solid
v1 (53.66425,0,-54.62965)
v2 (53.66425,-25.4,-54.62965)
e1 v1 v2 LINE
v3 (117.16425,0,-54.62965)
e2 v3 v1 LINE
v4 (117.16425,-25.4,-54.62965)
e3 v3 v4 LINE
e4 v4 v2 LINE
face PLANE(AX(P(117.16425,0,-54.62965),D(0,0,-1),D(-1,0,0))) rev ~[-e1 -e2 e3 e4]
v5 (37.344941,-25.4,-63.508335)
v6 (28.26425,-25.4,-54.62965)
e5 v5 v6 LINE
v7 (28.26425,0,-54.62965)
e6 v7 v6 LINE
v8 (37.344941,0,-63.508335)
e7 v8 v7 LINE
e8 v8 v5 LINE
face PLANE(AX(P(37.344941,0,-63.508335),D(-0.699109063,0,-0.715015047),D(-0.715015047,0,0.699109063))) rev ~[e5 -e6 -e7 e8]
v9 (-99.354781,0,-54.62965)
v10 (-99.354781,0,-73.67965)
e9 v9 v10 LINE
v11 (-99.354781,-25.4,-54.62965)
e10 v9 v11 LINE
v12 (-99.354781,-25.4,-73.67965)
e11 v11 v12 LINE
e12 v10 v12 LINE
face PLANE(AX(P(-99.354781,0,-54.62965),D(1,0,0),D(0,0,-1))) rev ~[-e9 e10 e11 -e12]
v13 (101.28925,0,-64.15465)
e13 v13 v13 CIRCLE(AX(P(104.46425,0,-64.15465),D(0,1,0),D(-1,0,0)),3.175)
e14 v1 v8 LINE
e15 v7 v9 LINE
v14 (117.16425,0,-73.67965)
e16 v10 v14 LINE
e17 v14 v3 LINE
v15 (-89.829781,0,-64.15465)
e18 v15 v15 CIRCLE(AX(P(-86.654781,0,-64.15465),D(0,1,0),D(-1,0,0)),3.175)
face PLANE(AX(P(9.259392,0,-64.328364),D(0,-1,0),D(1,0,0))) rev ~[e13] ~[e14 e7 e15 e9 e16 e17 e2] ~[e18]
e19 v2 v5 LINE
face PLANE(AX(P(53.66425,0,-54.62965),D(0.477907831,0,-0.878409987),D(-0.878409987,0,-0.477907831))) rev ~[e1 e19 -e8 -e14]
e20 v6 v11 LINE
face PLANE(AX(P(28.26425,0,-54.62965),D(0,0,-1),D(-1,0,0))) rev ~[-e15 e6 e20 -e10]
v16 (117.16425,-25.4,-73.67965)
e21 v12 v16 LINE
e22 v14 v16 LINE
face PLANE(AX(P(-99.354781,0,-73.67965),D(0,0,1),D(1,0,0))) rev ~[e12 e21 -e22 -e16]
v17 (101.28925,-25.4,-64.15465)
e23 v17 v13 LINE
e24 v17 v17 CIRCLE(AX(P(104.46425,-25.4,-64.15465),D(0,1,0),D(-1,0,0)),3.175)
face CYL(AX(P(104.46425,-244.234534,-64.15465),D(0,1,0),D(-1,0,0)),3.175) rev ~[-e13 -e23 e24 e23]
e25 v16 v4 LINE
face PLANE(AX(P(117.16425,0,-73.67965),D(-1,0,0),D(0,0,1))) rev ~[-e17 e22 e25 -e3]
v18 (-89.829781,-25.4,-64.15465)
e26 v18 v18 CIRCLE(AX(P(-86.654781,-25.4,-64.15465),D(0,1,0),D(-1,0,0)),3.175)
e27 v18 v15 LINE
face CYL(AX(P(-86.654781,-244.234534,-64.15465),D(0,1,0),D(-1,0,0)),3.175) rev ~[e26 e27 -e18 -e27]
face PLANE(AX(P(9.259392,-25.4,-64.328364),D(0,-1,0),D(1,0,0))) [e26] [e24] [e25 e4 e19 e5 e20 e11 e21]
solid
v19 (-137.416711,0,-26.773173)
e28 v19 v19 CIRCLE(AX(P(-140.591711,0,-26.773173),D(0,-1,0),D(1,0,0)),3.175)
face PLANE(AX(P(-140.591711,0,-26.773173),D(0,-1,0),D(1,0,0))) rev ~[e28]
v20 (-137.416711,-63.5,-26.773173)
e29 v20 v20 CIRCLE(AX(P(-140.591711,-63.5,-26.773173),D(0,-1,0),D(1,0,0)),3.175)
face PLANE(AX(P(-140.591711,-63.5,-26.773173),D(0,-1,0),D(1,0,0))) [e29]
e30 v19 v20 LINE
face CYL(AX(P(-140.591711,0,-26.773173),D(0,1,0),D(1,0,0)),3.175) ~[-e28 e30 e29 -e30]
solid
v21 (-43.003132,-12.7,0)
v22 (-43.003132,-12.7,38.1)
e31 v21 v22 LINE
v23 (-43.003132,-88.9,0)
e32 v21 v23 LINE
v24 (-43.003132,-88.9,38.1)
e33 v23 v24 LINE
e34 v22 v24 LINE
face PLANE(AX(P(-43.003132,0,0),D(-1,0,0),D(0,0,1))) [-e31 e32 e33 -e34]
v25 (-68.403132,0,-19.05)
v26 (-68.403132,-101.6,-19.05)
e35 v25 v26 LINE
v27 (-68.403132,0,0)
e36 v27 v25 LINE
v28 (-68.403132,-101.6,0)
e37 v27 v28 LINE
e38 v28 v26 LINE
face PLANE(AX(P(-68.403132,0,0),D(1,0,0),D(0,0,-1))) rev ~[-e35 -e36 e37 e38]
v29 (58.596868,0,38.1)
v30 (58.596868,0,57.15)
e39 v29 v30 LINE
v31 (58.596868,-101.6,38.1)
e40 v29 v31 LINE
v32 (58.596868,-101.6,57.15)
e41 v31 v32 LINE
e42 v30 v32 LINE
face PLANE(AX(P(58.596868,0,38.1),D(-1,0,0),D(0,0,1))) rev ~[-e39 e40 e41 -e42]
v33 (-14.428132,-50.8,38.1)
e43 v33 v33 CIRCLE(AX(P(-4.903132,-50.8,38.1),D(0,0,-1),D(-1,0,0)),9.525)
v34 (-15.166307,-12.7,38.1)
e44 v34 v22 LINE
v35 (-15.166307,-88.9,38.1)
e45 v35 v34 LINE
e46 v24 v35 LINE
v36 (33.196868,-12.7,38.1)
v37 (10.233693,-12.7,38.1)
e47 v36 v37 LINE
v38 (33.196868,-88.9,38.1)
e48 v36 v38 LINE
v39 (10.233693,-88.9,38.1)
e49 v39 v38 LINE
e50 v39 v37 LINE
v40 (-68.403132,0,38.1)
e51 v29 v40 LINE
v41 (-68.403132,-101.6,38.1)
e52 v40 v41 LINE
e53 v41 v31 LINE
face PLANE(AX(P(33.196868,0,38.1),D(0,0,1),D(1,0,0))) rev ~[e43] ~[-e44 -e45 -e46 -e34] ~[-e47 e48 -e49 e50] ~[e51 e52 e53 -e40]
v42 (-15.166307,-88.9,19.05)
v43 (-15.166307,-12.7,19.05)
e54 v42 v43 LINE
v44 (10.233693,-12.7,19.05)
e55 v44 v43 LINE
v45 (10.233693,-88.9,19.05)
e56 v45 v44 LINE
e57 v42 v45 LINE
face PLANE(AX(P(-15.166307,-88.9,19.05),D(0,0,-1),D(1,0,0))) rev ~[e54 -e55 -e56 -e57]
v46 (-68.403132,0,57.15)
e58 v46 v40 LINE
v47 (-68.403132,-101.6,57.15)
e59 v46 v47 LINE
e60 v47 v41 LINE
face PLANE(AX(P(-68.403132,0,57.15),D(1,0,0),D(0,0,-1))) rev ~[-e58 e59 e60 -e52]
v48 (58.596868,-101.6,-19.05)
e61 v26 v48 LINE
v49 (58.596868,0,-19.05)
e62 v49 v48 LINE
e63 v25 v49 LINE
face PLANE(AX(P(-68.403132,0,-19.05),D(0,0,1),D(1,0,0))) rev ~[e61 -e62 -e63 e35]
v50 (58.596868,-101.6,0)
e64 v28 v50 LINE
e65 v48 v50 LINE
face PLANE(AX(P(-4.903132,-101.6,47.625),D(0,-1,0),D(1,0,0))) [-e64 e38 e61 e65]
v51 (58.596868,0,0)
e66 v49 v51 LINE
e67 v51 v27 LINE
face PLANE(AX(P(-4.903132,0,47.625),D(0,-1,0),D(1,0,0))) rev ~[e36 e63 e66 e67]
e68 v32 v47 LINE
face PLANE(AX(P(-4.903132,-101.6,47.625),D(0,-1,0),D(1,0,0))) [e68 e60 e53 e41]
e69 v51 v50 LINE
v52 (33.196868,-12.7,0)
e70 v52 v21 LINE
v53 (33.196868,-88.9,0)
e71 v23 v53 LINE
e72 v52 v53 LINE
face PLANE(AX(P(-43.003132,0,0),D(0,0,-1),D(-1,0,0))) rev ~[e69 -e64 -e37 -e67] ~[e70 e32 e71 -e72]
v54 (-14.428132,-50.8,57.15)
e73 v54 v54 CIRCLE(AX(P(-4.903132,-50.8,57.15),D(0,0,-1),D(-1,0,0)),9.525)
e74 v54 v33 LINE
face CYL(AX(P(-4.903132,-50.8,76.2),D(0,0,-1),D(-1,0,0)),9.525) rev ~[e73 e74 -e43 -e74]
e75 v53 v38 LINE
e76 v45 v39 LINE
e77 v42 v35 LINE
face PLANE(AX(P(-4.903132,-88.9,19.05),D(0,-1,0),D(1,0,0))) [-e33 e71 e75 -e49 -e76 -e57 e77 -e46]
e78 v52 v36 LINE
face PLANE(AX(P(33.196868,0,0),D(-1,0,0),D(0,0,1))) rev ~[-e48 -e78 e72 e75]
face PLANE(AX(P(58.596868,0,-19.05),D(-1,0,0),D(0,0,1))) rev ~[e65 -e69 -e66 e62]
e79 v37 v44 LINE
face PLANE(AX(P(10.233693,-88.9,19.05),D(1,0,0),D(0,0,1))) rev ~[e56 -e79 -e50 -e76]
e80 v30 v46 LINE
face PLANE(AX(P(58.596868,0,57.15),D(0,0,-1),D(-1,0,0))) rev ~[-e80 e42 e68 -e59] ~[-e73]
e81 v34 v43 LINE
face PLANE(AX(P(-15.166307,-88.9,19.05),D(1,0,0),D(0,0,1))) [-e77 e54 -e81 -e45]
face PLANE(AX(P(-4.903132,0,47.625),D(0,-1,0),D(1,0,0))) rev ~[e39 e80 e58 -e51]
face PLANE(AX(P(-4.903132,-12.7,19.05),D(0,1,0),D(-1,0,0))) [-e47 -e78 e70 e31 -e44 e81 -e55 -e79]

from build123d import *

# Parameters (mm, degrees)
F0_W      = 76.2
F0_H      = 38.1
F1_DEPTH  = 101.6
F2_W      = 76.2
F2_H      = 38.1
F3_DEPTH  = 12.7
F4_W      = 76.2
F4_H      = 38.1
F5_DEPTH  = 12.7
F6_W      = 25.4
F6_H      = 19.05
F7_DEPTH  = 88.901
F9_D      = 19.05
F9_DEPTH  = 19.05
F11_DEPTH = 25.4
F13_D     = 6.35
F14_R     = 3.175
F15_DEPTH = 63.5


with BuildPart() as f1:
    # F0 (on Front) → F1 (new body)
    with BuildSketch(Plane.XZ):
        Polygon((58.596868, 57.15), (-68.403132, 57.15), (-68.403132, 38.1), (-43.003132, 38.1), (33.196868, 38.1), (58.596868, 38.1), align=None)
        Polygon((33.196868, 0), (-43.003132, 0), (-68.403132, 0), (-68.403132, -19.05), (58.596868, -19.05), (58.596868, 0), align=None)
        with Locations((-4.903132, 19.05)):
            Rectangle(F0_W, F0_H)
    extrude(amount=F1_DEPTH)

    # F2 (on face) → F3 (cut)
    with BuildSketch(Plane.XZ.offset(101.6)):
        with Locations((-4.903132, 19.05)):
            Rectangle(F2_W, F2_H)
    extrude(amount=-F3_DEPTH, mode=Mode.SUBTRACT)

    # F4 (on face) → F5 (cut)
    with BuildSketch(Plane(origin=(0, 0, 0), x_dir=(-1, 0, 0), z_dir=(0, 1, 0))):
        with Locations((4.903132, 19.05)):
            Rectangle(F4_W, F4_H)
    extrude(amount=-F5_DEPTH, mode=Mode.SUBTRACT)

    # F6 (on face) → F7 (cut, through all)
    with BuildSketch(Plane.XZ.offset(88.9)):
        with Locations((-2.466307, 28.575)):
            Rectangle(F6_W, F6_H)
    extrude(amount=-F7_DEPTH, mode=Mode.SUBTRACT)

    # F9
    with Locations(Plane.XY.offset(57.15)):
        with Locations((-4.903132, -50.8)):
            Hole(F9_D / 2, depth=F9_DEPTH)


with BuildPart() as f11:
    # F10 (on Front) → F11 (new body)
    with BuildSketch(Plane.XZ):
        Polygon((117.16425, -73.67965), (117.16425, -54.62965), (53.66425, -54.62965), (37.344941, -63.508335), (28.26425, -54.62965), (-98.73575, -54.62965), (-99.354781, -54.62965), (-99.354781, -73.67965), align=None)
    extrude(amount=F11_DEPTH)

    # F13 (through all)
    with Locations(Plane.XZ.offset(25.4)):
        with Locations((-86.654781, -64.15465), (104.46425, -64.15465)):
            Hole(F13_D / 2)


with BuildPart() as f15:
    # F14 (on Front) → F15 (new body)
    with BuildSketch(Plane.XZ):
        with Locations((-140.591711, -26.773173)):
            Circle(F14_R)
    extrude(amount=F15_DEPTH)


solid = Compound([f1.part, f11.part, f15.part])
